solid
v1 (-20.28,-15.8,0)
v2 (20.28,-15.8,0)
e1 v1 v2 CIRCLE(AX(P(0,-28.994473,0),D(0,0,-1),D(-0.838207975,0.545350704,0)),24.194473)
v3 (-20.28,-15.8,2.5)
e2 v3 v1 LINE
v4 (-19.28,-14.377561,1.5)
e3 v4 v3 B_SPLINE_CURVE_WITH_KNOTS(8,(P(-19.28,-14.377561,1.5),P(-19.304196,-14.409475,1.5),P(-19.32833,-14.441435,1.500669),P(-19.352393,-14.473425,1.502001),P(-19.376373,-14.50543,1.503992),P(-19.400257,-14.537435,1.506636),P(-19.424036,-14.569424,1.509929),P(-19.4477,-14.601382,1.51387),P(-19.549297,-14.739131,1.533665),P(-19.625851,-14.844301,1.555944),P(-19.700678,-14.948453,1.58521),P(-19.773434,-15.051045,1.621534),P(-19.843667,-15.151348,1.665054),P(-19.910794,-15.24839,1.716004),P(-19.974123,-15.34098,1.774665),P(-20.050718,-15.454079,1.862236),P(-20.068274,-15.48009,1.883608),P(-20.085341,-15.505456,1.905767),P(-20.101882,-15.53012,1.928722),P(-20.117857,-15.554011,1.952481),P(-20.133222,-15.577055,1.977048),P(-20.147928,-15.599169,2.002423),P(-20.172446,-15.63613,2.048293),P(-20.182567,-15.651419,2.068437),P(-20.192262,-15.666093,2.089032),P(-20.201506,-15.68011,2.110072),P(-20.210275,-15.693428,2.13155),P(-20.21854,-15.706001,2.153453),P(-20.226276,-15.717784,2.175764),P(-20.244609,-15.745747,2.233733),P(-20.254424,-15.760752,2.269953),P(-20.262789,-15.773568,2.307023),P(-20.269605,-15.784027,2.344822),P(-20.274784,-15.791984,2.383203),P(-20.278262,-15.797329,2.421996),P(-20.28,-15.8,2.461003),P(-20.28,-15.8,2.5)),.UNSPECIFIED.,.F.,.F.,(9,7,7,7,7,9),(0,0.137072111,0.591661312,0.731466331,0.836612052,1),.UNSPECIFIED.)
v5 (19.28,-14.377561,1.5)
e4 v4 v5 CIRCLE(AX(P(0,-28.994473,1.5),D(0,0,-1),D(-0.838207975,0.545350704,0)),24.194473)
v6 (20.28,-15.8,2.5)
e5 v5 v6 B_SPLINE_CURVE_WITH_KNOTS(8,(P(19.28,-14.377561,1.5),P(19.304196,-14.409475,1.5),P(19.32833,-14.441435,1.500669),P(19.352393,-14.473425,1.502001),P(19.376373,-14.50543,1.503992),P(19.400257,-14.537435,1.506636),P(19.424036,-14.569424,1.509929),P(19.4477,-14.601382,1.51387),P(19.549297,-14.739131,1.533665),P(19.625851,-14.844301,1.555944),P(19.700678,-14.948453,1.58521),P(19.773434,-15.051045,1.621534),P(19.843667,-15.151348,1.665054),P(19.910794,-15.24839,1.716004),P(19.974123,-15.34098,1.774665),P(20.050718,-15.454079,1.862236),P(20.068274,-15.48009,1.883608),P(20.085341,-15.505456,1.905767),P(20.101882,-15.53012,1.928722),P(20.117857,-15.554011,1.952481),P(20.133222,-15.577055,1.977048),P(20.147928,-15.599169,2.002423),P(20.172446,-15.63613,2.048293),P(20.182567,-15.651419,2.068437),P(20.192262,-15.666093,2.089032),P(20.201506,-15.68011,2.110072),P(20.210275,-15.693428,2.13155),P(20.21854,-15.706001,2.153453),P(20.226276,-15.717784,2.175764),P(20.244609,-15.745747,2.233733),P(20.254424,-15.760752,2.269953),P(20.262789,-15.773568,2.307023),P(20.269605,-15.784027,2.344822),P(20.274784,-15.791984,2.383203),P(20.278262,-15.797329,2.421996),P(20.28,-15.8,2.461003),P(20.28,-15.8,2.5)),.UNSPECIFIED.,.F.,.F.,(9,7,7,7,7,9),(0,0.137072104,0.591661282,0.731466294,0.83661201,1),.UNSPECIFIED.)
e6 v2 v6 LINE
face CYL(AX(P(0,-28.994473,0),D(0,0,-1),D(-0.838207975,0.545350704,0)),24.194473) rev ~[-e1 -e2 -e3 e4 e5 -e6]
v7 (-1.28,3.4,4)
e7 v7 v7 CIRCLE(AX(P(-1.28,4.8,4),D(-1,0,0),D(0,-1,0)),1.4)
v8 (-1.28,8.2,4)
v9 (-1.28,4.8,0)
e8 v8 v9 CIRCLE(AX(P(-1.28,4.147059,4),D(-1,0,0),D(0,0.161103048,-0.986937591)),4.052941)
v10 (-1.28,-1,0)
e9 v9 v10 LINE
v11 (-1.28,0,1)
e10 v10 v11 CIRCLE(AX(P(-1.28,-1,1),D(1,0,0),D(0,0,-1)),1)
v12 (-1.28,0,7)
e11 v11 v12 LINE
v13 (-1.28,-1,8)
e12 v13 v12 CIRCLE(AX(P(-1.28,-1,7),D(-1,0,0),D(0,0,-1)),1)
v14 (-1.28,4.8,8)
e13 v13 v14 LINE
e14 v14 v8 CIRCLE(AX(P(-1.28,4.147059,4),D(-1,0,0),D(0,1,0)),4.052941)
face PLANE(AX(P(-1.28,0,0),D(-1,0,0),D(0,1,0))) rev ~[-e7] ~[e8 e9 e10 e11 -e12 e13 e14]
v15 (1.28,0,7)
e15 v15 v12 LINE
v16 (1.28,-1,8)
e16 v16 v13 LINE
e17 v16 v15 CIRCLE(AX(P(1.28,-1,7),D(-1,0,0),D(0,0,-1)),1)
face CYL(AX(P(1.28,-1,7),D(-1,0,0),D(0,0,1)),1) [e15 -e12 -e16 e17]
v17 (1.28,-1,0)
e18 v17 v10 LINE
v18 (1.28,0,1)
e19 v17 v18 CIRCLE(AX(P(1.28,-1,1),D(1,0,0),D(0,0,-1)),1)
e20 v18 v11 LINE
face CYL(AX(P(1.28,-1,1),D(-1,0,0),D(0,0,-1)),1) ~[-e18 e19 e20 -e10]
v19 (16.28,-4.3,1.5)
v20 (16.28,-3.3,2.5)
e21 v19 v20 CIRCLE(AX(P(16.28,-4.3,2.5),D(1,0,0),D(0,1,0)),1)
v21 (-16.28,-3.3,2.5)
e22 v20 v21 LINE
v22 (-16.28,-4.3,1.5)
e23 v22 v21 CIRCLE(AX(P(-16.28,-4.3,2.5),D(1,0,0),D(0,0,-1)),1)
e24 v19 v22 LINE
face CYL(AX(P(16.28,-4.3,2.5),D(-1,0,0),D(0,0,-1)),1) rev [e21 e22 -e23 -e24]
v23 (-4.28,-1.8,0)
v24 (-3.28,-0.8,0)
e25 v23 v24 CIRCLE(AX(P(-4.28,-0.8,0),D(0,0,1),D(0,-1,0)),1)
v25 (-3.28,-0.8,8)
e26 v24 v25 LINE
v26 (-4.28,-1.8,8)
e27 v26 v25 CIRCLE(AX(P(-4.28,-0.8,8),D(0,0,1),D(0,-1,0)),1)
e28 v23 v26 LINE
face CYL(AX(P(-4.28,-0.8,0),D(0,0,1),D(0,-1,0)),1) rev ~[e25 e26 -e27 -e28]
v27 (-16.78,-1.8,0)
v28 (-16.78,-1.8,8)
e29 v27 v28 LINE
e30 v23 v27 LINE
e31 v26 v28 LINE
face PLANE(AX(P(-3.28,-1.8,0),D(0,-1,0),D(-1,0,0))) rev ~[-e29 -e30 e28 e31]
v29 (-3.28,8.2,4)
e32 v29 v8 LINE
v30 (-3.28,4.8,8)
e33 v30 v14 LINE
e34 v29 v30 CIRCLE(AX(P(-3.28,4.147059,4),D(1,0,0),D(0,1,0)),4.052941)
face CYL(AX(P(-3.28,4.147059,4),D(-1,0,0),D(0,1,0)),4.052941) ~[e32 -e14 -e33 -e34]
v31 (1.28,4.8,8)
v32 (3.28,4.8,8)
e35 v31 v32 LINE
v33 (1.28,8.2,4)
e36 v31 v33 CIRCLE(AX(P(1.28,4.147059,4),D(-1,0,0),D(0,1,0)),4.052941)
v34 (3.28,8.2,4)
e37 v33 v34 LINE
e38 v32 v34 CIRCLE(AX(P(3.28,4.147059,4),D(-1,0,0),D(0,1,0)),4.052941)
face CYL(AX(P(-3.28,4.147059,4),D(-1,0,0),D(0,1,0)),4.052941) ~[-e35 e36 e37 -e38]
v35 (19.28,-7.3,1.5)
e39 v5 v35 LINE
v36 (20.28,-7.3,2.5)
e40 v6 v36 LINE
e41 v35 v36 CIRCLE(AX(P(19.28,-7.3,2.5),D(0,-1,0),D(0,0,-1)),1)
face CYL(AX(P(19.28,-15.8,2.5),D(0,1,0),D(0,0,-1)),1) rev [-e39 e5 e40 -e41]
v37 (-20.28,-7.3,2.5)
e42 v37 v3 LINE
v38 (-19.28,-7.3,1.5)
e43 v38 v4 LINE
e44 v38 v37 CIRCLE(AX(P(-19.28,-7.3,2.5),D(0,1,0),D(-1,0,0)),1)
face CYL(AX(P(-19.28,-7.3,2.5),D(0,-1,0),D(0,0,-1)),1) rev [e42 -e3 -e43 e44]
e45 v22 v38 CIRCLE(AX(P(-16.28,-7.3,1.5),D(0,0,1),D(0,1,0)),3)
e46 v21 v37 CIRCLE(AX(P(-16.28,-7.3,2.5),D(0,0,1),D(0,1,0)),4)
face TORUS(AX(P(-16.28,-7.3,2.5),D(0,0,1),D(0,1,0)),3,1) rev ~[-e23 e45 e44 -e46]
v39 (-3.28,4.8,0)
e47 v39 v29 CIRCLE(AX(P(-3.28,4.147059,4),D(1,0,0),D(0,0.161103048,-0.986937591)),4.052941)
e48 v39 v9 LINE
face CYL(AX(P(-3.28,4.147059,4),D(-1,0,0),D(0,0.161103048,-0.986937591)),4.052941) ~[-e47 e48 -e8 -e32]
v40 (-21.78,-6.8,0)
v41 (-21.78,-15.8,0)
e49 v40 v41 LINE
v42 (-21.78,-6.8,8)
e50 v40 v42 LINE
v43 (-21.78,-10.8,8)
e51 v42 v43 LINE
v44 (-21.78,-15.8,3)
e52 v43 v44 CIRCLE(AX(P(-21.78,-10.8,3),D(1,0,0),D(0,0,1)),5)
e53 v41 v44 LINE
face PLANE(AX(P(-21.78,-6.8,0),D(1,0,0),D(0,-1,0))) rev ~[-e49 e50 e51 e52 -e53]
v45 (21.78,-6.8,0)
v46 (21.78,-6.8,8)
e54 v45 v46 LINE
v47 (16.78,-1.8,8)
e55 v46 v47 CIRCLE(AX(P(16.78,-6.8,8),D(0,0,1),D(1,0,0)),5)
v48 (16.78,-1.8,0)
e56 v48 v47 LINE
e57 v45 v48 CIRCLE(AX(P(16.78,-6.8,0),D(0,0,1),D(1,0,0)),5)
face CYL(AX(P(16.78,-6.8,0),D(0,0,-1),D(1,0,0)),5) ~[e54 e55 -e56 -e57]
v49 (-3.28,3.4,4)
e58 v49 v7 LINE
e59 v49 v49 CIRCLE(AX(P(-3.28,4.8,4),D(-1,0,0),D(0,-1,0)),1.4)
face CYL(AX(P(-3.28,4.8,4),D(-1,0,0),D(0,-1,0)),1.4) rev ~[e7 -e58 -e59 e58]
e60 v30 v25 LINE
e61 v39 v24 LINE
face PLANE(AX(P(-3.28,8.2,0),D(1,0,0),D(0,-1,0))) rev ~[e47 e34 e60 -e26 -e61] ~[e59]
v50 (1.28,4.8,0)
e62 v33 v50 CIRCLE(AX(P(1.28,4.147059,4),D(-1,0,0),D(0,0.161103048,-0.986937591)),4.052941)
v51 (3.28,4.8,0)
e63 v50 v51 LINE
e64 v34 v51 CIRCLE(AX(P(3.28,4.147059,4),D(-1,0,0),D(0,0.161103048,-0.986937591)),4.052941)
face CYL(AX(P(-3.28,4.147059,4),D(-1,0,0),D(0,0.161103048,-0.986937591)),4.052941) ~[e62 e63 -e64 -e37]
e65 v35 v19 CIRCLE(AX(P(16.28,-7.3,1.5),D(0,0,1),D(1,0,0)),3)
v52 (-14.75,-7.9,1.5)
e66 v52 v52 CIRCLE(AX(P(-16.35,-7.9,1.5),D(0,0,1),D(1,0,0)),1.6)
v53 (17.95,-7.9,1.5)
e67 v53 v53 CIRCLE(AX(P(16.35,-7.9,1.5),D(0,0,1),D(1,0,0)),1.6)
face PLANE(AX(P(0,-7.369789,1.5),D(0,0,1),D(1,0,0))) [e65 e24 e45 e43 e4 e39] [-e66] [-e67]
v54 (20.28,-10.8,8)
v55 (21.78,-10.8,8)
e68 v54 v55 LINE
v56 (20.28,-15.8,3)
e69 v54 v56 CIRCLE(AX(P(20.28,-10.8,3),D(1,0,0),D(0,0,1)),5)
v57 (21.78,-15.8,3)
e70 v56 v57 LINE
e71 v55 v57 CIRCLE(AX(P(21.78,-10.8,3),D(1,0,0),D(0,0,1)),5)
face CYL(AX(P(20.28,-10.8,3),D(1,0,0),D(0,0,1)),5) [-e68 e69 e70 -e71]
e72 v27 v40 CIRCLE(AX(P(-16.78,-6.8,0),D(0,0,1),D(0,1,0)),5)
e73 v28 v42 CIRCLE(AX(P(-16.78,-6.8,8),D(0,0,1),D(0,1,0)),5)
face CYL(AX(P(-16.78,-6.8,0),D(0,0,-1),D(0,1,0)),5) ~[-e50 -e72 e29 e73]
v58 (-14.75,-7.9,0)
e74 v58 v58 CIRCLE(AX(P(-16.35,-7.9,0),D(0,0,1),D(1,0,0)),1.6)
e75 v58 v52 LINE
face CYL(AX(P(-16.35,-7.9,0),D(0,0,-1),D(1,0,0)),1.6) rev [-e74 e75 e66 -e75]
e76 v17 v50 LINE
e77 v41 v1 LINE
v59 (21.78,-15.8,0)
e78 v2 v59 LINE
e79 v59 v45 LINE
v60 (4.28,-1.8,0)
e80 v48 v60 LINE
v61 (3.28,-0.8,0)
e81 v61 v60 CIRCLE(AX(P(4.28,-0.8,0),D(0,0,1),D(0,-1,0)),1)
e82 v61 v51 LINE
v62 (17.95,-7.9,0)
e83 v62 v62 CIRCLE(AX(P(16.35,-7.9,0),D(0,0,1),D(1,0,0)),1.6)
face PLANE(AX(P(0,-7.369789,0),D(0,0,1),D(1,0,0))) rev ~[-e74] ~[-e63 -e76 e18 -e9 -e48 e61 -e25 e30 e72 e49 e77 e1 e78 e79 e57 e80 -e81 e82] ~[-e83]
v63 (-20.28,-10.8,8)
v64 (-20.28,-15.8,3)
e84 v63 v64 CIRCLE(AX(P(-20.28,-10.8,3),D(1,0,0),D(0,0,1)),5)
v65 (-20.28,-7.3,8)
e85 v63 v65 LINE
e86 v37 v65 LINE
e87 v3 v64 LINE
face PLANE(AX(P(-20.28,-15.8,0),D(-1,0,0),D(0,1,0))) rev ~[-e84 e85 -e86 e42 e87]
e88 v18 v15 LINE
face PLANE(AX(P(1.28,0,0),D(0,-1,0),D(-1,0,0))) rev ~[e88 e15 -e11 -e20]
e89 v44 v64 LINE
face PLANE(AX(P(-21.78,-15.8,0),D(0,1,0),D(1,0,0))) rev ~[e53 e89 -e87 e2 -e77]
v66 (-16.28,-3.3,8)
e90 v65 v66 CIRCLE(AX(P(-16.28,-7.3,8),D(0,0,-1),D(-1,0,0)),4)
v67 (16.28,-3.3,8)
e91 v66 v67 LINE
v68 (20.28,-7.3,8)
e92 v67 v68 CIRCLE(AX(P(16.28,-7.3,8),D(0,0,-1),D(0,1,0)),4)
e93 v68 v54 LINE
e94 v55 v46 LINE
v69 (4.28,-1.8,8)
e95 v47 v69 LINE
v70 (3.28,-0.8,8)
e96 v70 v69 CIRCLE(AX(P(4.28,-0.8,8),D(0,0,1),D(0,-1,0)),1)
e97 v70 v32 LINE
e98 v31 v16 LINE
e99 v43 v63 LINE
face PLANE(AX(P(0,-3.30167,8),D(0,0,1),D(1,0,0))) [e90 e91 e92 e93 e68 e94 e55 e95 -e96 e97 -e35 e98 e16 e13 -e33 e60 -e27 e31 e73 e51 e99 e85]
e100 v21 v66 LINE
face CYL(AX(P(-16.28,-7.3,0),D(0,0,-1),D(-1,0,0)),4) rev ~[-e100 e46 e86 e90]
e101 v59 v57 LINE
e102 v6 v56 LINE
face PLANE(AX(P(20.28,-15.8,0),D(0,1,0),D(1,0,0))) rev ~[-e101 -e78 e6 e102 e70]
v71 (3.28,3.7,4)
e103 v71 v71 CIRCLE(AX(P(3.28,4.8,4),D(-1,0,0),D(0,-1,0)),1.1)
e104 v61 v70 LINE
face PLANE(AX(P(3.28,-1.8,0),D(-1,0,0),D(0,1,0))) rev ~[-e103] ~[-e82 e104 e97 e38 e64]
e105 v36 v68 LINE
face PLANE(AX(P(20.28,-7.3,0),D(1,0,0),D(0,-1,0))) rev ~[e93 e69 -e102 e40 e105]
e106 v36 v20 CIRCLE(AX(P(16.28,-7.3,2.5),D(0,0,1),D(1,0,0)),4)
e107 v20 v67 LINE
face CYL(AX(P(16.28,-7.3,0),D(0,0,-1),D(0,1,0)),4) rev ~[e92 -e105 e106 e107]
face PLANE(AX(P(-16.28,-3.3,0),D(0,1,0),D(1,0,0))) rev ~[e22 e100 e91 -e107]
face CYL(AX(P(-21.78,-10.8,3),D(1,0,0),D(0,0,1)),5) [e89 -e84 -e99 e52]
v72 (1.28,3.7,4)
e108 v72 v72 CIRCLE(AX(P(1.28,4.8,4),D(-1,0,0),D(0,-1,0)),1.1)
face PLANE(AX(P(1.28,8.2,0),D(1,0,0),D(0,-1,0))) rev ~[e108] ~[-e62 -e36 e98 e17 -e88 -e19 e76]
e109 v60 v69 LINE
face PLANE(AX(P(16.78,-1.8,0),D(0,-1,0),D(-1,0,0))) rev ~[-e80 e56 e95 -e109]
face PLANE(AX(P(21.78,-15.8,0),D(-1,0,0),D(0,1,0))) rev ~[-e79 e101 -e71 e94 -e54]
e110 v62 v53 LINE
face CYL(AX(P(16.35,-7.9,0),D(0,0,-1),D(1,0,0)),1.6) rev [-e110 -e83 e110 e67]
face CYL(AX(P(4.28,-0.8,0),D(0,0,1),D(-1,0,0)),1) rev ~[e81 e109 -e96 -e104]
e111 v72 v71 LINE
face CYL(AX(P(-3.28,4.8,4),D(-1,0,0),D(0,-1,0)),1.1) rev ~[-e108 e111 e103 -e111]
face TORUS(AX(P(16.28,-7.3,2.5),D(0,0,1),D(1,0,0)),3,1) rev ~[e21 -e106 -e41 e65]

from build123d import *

# Parameters (mm, degrees)
F1_DEPTH = 8
F0_R     = 1.6
F2_DEPTH = 1.5
F3_R     = 1.1
F4_DEPTH = 8
F3_R_2   = 1.4
F5_DEPTH = 2.4
F6_R     = 1
F7_R     = 5


with BuildPart() as f1:
    # F0 (on Top) → F1 (new body)
    with BuildSketch(Plane.XY):
        with BuildLine():
            Line((1.28, 0), (0, 0))
            Line((0, 0), (-1.28, 0))
            Line((-1.28, 0), (-1.28, 8.2))
            Line((-1.28, 8.2), (-3.28, 8.2))
            Line((-3.28, 8.2), (-3.28, -1.8))
            Line((-3.28, -1.8), (-16.78, -1.8))
            ThreePointArc((-16.78, -1.8), (-20.3155339059, -3.2644660941), (-21.78, -6.8))
            Line((-21.78, -6.8), (-21.78, -15.8))
            Line((-21.78, -15.8), (-20.28, -15.8))
            Line((-20.28, -15.8), (-20.28, -7.3))
            ThreePointArc((-20.28, -7.3), (-19.1084271247, -4.4715728753), (-16.28, -3.3))
            Line((-16.28, -3.3), (0, -3.3))
            Line((0, -3.3), (16.28, -3.3))
            ThreePointArc((16.28, -3.3), (19.1084271247, -4.4715728753), (20.28, -7.3))
            Line((20.28, -7.3), (20.28, -15.8))
            Line((20.28, -15.8), (21.78, -15.8))
            Line((21.78, -15.8), (21.78, -6.8))
            ThreePointArc((21.78, -6.8), (20.3155339059, -3.2644660941), (16.78, -1.8))
            Line((16.78, -1.8), (3.28, -1.8))
            Line((3.28, -1.8), (3.28, 8.2))
            Line((3.28, 8.2), (1.28, 8.2))
            Line((1.28, 8.2), (1.28, 0))
        make_face()
    extrude(amount=F1_DEPTH)

    # F0 (on Top) → F2 (join)
    with BuildSketch(Plane.XY):
        with BuildLine():
            ThreePointArc((-20.28, -15.8), (0, -4.8), (20.28, -15.8))
            Line((20.28, -15.8), (20.28, -7.3))
            ThreePointArc((20.28, -7.3), (19.1084271247, -4.4715728753), (16.28, -3.3))
            Line((16.28, -3.3), (0, -3.3))
            Line((0, -3.3), (-16.28, -3.3))
            ThreePointArc((-16.28, -3.3), (-19.1084271247, -4.4715728753), (-20.28, -7.3))
            Line((-20.28, -7.3), (-20.28, -15.8))
        make_face()
        with Locations((-16.35, -7.9)):
            Circle(F0_R, mode=Mode.SUBTRACT)
        with Locations((16.35, -7.9)):
            Circle(F0_R, mode=Mode.SUBTRACT)
    extrude(amount=F2_DEPTH)

    # F3 (on face) → F4 (cut)
    with BuildSketch(Plane(origin=(-3.28, 0, 0), x_dir=(0, -1, 0), z_dir=(-1, 0, 0))):
        with Locations((-4.8, 4)):
            Circle(F3_R)
        with BuildLine():
            ThreePointArc((-4.8, 0), (-7.2351540584, 1.3751190503), (-8.2, 4))
            Line((-8.2, 4), (-8.2, 0))
            Line((-8.2, 0), (-4.8, 0))
        make_face()
        with BuildLine():
            ThreePointArc((-8.2, 4), (-7.2351540584, 6.6248809497), (-4.8, 8))
            Line((-4.8, 8), (-8.2, 8))
            Line((-8.2, 8), (-8.2, 4))
        make_face()
    extrude(amount=-F4_DEPTH, mode=Mode.SUBTRACT)

    # F3 (on face) → F5 (cut)
    with BuildSketch(Plane(origin=(-3.28, 0, 0), x_dir=(0, -1, 0), z_dir=(-1, 0, 0))):
        with Locations((-4.8, 4)):
            Circle(F3_R_2)
        with Locations((-4.8, 4)):
            Circle(F3_R, mode=Mode.SUBTRACT)
    extrude(amount=-F5_DEPTH, mode=Mode.SUBTRACT)

    # F6
    f6_edges = [f1.edges().sort_by_distance(p)[0] for p in [
        (-20.28, -11.55, 1.5),
        (-3.28, -1.8, 4),
        (3.28, -1.8, 4),
        (0, 0, 8),
        (0, 0, 0),
    ]]
    fillet(f6_edges, radius=F6_R)

    # F7
    f7_edges = [f1.edges().sort_by_distance(p)[0] for p in [
        (-21.03, -15.8, 8),
        (21.03, -15.8, 8),
    ]]
    fillet(f7_edges, radius=F7_R)


solid = f1.part
